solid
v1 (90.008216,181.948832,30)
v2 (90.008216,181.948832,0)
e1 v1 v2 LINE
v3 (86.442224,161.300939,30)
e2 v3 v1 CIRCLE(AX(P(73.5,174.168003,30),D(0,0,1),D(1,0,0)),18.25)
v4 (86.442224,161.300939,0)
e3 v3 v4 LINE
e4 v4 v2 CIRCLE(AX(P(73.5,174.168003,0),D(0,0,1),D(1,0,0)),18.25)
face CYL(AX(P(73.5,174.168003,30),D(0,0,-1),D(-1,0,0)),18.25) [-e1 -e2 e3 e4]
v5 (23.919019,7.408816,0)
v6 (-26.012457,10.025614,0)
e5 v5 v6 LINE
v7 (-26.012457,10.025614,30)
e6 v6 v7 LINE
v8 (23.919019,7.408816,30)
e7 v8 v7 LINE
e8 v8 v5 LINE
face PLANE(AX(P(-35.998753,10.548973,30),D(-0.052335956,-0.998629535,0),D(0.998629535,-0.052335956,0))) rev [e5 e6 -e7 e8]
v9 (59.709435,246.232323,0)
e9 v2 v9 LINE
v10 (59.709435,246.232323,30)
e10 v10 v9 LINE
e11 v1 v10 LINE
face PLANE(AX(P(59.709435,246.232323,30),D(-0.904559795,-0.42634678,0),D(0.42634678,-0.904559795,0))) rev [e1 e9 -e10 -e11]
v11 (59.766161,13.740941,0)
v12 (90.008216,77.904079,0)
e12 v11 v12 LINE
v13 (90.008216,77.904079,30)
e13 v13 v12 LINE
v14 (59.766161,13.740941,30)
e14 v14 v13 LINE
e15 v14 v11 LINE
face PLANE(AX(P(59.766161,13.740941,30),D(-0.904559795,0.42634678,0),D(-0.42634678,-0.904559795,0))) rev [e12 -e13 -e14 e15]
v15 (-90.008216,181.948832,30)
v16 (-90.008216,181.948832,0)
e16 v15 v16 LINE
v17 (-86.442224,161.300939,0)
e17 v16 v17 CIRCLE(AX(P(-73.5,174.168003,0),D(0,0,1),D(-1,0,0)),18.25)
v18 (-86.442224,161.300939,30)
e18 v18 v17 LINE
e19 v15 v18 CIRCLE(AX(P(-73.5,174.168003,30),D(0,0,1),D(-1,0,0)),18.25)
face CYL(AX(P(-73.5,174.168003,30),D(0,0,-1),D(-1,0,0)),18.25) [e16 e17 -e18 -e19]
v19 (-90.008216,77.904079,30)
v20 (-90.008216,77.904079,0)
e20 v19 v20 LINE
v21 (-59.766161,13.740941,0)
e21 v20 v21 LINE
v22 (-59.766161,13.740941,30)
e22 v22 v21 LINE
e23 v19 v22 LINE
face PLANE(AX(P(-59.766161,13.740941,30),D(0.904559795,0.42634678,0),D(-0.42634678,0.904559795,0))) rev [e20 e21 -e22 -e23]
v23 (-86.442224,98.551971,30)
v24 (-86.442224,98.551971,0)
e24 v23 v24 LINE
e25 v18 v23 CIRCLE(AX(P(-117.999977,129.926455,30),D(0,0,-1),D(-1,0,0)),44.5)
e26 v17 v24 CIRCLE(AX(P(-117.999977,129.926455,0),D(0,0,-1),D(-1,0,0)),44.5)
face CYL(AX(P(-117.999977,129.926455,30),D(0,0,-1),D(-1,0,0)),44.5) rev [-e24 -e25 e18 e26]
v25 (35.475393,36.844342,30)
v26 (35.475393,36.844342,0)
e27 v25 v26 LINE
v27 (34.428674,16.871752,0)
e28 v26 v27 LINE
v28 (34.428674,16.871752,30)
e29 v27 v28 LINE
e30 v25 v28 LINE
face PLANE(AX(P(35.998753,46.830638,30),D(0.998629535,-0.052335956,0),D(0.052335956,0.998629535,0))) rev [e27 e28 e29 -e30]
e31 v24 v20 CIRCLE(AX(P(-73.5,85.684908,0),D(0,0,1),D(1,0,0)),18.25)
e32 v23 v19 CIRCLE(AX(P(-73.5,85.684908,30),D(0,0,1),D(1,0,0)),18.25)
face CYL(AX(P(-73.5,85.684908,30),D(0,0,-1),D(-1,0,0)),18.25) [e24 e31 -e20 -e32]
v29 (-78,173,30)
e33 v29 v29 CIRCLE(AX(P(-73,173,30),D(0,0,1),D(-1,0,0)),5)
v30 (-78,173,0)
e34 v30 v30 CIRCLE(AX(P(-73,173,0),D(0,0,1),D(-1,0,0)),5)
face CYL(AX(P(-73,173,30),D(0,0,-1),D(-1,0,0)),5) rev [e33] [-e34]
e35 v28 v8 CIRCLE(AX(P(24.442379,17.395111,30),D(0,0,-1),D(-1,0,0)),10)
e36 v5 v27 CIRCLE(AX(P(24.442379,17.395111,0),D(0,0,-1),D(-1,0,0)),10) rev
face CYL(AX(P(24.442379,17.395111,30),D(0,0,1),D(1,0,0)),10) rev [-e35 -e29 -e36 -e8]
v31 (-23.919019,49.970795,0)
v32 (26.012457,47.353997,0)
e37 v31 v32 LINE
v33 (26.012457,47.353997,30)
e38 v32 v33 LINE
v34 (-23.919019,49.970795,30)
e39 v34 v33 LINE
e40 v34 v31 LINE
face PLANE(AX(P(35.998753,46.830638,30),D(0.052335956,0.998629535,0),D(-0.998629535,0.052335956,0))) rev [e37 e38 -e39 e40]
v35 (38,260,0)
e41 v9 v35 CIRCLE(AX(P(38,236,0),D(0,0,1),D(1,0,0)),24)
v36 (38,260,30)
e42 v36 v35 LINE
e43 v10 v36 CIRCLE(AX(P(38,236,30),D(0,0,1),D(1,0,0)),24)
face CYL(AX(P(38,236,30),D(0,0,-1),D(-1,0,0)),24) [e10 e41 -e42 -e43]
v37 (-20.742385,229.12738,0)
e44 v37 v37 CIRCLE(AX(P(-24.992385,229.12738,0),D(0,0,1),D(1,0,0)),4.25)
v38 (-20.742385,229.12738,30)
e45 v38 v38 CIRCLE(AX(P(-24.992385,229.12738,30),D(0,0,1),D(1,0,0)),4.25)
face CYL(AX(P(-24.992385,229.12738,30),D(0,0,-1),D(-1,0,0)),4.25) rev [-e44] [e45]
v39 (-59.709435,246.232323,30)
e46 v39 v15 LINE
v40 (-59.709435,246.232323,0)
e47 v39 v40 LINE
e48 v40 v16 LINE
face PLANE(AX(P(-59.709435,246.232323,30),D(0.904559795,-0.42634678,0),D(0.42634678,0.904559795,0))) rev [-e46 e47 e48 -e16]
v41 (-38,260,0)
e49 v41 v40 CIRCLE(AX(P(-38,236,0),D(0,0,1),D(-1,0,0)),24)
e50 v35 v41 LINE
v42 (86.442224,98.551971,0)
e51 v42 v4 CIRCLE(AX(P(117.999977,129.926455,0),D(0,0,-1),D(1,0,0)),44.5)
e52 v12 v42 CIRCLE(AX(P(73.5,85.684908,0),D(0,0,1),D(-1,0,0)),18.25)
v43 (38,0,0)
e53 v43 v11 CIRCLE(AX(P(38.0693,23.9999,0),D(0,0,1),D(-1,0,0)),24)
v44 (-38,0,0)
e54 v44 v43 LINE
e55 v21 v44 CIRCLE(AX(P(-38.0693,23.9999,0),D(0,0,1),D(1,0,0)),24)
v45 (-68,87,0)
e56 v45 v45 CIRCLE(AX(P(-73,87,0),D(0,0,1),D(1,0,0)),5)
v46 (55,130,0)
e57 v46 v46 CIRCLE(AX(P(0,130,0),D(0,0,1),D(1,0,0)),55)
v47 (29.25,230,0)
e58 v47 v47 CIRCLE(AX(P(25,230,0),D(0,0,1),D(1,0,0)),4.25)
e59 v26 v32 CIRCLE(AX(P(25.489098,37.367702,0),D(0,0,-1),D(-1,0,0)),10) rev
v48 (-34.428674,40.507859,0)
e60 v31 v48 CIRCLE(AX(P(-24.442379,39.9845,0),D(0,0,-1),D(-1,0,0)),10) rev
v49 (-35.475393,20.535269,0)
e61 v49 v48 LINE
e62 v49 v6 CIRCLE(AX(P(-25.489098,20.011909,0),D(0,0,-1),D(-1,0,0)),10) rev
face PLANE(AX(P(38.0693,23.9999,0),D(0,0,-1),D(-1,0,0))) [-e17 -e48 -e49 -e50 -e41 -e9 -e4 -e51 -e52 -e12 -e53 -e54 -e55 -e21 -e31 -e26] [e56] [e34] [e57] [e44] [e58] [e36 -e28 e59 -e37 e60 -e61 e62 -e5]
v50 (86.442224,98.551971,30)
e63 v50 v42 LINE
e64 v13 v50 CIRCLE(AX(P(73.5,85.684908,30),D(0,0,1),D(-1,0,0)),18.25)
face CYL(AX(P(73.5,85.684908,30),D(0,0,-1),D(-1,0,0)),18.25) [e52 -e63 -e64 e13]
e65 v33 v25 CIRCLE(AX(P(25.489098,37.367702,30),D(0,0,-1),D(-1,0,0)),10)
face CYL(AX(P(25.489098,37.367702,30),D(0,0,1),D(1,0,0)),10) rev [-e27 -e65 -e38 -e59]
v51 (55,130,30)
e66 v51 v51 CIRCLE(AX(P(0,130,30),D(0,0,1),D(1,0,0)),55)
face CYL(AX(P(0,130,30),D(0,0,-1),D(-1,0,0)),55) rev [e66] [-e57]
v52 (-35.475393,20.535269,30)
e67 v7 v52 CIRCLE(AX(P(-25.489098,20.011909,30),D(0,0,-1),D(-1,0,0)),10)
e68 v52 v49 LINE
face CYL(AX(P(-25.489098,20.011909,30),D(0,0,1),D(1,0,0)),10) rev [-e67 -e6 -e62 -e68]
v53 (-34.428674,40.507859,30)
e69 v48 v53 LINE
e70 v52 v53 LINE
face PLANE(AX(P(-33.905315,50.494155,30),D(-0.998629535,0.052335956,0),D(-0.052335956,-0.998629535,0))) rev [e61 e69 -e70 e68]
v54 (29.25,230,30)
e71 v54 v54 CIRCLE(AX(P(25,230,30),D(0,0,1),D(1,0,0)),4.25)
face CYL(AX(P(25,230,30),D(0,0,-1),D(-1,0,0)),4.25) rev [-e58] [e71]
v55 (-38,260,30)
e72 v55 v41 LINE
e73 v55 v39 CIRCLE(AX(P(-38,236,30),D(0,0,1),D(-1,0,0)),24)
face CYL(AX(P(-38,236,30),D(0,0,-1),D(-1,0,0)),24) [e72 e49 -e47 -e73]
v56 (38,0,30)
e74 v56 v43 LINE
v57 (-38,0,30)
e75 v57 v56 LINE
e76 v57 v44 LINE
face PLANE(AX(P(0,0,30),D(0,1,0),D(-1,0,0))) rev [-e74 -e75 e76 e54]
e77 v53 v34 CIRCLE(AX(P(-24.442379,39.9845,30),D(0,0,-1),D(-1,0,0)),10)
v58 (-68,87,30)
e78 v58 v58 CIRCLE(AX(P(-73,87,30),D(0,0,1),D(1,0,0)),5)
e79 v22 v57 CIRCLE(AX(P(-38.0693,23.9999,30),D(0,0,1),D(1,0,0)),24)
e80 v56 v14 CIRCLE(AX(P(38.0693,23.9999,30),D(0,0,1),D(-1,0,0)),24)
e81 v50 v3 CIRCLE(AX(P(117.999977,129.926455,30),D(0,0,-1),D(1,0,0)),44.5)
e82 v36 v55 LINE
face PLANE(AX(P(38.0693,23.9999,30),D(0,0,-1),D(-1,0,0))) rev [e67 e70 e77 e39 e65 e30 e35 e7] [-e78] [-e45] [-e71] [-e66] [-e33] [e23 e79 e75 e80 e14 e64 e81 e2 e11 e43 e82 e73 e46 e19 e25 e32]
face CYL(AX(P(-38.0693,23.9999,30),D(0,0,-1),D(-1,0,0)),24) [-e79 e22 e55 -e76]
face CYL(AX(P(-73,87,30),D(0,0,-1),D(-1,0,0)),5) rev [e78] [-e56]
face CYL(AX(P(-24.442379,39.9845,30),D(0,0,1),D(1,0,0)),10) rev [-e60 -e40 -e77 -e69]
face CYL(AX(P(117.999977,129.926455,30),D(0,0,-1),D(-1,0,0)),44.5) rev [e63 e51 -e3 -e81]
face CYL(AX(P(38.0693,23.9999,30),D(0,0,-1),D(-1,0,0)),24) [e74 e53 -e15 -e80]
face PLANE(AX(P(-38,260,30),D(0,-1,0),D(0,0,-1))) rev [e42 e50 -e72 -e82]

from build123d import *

# Parameters (mm, degrees)
SZKIC1_R                    = 55
SZKIC1_R_2                  = 5
SZKIC1_R_3                  = 4.25
DODANIE_WYCI_GNI_CIE1_DEPTH = 30
WYTNIJ_WYCI_GNI_CIE1_DEPTH  = 30
ZAOKR_GLENIE1_R             = 10


with BuildPart() as part:
    # Szkic1 → Dodanie-wyciągnięcie1 (new body)
    with BuildSketch(Plane.XY):
        with BuildLine():
            Line((-38, 260), (38, 260))
            ThreePointArc((38, 260), (50.853486978, 256.267902519), (59.709435091, 246.232322709))
            Line((59.709435091, 246.232322709), (90.008216267, 181.948831851))
            ThreePointArc((90.008216267, 181.948831851), (91.483769879, 171.062118236), (86.44222441, 161.300939461))
            ThreePointArc((86.44222441, 161.300939461), (73.499977081, 129.92645546), (86.44222441, 98.551971459))
            ThreePointArc((86.44222441, 98.551971459), (91.483769879, 88.790792684), (90.008216267, 77.904079069))
            Line((90.008216267, 77.904079069), (59.766160901, 13.740940677))
            ThreePointArc((59.766160901, 13.740940677), (50.88106069, 3.705595357), (38, 0))
            Line((38, 0), (0, 0))
            Line((0, 0), (-38, 0))
            ThreePointArc((-38, 0), (-50.88106069, 3.705595357), (-59.766160901, 13.740940677))
            Line((-59.766160901, 13.740940677), (-90.008216267, 77.904079069))
            ThreePointArc((-90.008216267, 77.904079069), (-91.483769879, 88.790792684), (-86.44222441, 98.551971459))
            ThreePointArc((-86.44222441, 98.551971459), (-73.499977081, 129.92645546), (-86.44222441, 161.300939461))
            ThreePointArc((-86.44222441, 161.300939461), (-91.483769879, 171.062118236), (-90.008216267, 181.948831851))
            Line((-90.008216267, 181.948831851), (-59.709435091, 246.232322709))
            ThreePointArc((-59.709435091, 246.232322709), (-50.853486978, 256.267902519), (-38, 260))
        make_face()
        with Locations((0, 130)):
            Circle(SZKIC1_R, mode=Mode.SUBTRACT)
        with Locations((-73, 87)):
            Circle(SZKIC1_R_2, mode=Mode.SUBTRACT)
        with Locations(Location((-73, 173, 0), (0, 0, 180))):
            Circle(SZKIC1_R_2, mode=Mode.SUBTRACT)
        with Locations((25, 230)):
            Circle(SZKIC1_R_3, mode=Mode.SUBTRACT)
        with Locations((-24.992384758, 229.127379678)):
            Circle(SZKIC1_R_3, mode=Mode.SUBTRACT)
        with Locations((-25, 30)):
            Circle(SZKIC1_R_3, mode=Mode.SUBTRACT)
        with Locations((24.931476738, 27.383202188)):
            Circle(SZKIC1_R_3, mode=Mode.SUBTRACT)
    extrude(amount=DODANIE_WYCI_GNI_CIE1_DEPTH)

    # Szkic4 → Wytnij-wyciągnięcie1 (cut)
    with BuildSketch(Plane(origin=(-86.44222441, 98.551971459, 0), x_dir=(-1, 0, 0), z_dir=(0, 0, -1))):
        Polygon((-52.536909819, -48.057816777), (-50.443471569, -88.002998167), (-120.347539002, -91.666515104), (-122.440977251, -51.721333714), align=None)
    extrude(amount=-WYTNIJ_WYCI_GNI_CIE1_DEPTH, mode=Mode.SUBTRACT)

    # Zaokrąglenie1
    zaokr_glenie1_edges = [part.edges().sort_by_distance(p)[0] for p in [
        (35.998752841, 46.830637745, 15),
        (-33.905314592, 50.494154682, 15),
        (-35.998752841, 10.548973291, 15),
        (33.905314592, 6.885456354, 15),
    ]]
    fillet(zaokr_glenie1_edges, radius=ZAOKR_GLENIE1_R)


solid = part.part
